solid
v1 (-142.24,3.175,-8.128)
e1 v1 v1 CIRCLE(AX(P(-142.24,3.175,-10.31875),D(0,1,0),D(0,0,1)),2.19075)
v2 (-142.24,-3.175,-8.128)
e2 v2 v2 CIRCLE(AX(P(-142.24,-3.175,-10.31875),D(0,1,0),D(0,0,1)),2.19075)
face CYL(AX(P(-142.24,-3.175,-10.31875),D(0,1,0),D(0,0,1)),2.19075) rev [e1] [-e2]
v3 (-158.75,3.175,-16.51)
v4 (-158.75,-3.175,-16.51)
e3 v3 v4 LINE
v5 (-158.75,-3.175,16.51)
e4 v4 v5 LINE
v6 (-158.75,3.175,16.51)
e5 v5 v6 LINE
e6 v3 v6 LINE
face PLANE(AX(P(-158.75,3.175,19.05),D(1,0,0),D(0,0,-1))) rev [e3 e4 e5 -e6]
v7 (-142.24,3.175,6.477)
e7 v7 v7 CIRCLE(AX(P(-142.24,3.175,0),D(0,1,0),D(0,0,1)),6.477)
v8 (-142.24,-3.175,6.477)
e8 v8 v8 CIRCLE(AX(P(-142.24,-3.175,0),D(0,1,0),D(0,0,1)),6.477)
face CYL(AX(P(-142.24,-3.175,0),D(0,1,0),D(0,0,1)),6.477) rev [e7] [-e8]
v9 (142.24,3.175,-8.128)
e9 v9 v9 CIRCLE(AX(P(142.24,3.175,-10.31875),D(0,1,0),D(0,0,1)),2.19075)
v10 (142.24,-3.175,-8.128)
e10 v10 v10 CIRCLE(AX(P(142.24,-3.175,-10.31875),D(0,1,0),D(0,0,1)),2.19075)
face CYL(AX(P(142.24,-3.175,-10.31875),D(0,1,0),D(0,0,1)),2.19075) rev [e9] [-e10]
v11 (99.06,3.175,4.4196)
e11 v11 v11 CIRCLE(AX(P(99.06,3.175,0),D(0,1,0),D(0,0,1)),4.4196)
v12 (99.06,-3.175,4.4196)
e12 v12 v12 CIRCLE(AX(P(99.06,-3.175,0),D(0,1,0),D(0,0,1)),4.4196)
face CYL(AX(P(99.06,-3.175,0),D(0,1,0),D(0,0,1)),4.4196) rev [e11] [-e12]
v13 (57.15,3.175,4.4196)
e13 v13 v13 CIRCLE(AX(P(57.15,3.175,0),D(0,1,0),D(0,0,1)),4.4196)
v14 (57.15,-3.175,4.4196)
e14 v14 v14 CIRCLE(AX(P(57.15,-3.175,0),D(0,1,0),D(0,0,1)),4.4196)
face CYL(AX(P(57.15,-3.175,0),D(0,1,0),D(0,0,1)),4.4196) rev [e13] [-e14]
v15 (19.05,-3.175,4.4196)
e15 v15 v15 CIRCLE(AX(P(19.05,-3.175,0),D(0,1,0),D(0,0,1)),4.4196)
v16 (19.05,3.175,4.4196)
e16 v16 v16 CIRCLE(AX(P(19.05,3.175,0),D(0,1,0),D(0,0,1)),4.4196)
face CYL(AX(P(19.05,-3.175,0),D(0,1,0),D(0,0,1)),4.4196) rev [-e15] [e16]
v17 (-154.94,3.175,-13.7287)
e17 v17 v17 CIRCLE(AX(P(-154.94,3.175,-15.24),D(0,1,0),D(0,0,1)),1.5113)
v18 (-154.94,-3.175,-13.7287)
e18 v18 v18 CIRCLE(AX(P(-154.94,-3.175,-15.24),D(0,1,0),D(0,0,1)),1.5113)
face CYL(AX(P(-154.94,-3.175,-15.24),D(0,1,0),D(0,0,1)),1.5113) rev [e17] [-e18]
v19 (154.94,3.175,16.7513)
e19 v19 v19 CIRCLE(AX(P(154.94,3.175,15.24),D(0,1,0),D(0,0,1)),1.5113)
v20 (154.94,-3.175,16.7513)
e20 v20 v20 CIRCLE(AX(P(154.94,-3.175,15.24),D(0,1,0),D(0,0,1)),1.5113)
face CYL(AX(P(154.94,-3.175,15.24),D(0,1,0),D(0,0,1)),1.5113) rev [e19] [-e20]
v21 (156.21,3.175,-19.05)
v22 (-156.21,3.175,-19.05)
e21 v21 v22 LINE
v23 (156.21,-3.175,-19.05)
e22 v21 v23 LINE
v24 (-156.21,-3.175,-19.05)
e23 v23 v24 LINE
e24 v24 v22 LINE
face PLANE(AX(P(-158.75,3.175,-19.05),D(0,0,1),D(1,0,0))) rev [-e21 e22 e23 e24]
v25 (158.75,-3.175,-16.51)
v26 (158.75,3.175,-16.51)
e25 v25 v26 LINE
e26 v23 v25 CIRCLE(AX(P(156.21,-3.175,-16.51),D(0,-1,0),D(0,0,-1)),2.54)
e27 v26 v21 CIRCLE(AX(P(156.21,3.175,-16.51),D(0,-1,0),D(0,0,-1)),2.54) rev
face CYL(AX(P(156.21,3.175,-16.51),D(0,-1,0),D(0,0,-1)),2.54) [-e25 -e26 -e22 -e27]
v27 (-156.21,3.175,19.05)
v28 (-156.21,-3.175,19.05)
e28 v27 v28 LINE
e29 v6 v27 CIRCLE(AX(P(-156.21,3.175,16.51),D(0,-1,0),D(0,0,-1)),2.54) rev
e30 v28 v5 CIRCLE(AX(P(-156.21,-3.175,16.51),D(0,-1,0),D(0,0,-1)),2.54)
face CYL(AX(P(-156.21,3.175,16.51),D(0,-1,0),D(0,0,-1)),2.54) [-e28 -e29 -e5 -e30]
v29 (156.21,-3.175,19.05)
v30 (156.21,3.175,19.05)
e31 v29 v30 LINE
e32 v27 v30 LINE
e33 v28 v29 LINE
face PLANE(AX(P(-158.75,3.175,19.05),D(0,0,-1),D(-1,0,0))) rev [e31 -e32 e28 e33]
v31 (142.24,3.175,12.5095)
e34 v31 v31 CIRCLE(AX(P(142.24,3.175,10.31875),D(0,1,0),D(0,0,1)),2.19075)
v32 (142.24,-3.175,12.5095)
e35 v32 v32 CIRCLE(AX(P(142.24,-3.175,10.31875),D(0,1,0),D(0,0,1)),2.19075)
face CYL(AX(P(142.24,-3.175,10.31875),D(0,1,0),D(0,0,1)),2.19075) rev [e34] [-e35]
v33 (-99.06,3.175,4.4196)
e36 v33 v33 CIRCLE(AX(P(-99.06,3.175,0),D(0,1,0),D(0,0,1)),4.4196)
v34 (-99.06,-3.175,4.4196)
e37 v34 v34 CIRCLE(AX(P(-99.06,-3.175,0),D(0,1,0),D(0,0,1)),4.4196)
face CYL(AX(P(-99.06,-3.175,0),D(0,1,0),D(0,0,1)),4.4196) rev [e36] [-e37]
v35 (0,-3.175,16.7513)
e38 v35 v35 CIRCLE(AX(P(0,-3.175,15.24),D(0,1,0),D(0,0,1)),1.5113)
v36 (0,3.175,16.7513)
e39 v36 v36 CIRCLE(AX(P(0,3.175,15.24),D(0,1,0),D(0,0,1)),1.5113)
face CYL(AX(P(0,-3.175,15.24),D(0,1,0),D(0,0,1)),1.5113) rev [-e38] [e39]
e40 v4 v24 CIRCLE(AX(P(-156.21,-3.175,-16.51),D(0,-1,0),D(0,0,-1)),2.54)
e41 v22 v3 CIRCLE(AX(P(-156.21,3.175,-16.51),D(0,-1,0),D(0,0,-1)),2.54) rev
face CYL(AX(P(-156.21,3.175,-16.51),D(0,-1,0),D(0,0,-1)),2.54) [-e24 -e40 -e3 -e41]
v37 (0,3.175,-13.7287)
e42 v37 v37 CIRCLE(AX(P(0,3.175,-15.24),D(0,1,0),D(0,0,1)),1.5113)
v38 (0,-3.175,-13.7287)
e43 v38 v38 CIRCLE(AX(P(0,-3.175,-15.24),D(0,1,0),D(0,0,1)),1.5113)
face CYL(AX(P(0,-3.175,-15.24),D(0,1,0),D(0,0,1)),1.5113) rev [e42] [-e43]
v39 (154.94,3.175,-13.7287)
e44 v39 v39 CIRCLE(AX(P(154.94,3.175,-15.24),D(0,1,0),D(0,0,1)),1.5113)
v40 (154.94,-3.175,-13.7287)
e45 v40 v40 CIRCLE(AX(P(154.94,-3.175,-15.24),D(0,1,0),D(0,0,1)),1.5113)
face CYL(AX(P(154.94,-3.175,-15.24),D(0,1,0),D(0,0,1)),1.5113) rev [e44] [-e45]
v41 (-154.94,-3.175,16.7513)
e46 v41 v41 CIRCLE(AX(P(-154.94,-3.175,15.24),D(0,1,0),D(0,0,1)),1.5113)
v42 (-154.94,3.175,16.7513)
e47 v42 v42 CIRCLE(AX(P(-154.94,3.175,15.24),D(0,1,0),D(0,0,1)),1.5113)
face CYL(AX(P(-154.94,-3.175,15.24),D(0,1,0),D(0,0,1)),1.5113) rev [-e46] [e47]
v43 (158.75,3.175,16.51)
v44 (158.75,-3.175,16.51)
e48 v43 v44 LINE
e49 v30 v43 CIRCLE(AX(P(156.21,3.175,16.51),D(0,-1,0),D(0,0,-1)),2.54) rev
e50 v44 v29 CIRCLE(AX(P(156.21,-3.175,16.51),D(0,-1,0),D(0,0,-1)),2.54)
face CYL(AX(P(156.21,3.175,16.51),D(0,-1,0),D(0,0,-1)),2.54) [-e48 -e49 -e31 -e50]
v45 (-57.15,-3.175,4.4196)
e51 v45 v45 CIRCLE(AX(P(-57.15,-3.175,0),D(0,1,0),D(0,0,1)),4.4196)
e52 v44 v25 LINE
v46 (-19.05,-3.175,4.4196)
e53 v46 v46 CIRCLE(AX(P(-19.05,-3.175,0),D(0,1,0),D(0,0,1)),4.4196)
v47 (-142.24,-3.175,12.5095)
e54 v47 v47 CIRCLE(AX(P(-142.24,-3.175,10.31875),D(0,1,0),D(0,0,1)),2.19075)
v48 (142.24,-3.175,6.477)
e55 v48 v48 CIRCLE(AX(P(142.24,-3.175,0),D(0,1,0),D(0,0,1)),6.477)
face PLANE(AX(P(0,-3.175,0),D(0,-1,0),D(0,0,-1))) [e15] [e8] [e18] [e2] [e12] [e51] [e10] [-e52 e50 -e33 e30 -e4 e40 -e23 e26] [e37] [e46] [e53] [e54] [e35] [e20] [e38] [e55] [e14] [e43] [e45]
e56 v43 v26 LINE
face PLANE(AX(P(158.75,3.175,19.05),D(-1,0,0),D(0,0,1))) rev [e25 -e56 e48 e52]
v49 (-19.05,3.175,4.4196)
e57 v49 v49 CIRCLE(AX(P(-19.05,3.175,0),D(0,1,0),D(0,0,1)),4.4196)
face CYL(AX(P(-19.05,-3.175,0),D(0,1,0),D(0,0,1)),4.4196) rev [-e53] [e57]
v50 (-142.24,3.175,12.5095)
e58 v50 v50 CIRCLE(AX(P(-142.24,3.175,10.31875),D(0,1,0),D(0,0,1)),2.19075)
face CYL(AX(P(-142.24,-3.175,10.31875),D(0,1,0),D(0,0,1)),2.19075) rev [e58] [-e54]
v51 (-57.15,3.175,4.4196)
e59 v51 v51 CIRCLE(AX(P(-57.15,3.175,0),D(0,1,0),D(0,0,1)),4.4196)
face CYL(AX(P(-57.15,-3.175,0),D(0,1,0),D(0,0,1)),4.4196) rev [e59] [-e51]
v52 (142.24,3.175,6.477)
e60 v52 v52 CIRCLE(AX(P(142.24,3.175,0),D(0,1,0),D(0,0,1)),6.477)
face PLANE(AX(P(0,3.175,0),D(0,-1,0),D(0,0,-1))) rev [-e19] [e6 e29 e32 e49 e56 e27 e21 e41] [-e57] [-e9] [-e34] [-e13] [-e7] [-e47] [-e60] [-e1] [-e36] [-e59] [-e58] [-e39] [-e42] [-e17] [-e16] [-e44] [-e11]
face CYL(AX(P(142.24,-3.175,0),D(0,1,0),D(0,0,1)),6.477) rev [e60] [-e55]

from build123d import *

# Parameters (mm, degrees)
SKETCH1_W           = 317.5
SKETCH1_H           = 38.1
BOSS_EXTRUDE1_DEPTH = 3.175
SKETCH2_R           = 4.4196
SKETCH2_R_2         = 6.477
SKETCH2_R_3         = 2.19075
CUT_EXTRUDE1_DEPTH  = 161.014960238
SKETCH3_R           = 1.5113
CUT_EXTRUDE2_DEPTH  = 161.014960238
FILLET1_R           = 2.54


with BuildPart() as part:
    # Sketch1 → Boss-Extrude1 (new, symmetric)
    with BuildSketch(Plane(origin=(0, 0, 0), x_dir=(1, 0, 0), z_dir=(0, 1, 0))):
        Rectangle(SKETCH1_W, SKETCH1_H)
    extrude(amount=BOSS_EXTRUDE1_DEPTH, both=True)

    # Sketch2 → Cut-Extrude1 (cut, through all)
    with BuildSketch(Plane(origin=(0, 3.175, 0), x_dir=(1, 0, 0), z_dir=(0, 1, 0))):
        with Locations(Location((-99.06, 0, 0), (0, 0, 270))):
            Circle(SKETCH2_R)
        with Locations(Location((-57.15, 0, 0), (0, 0, 270))):
            Circle(SKETCH2_R)
        with Locations(Location((-19.05, 0, 0), (0, 0, 270))):
            Circle(SKETCH2_R)
        with Locations(Location((19.05, 0, 0), (0, 0, 270))):
            Circle(SKETCH2_R)
        with Locations(Location((57.15, 0, 0), (0, 0, 270))):
            Circle(SKETCH2_R)
        with Locations(Location((-142.24, 0, 0), (0, 0, 270))):
            Circle(SKETCH2_R_2)
        with Locations(Location((-142.24, -10.31875, 0), (0, 0, 270))):
            Circle(SKETCH2_R_3)
        with Locations(Location((-142.24, 10.31875, 0), (0, 0, 270))):
            Circle(SKETCH2_R_3)
        with Locations(Location((142.24, 0, 0), (0, 0, 270))):
            Circle(SKETCH2_R_2)
        with Locations(Location((142.24, -10.31875, 0), (0, 0, 270))):
            Circle(SKETCH2_R_3)
        with Locations(Location((142.24, 10.31875, 0), (0, 0, 270))):
            Circle(SKETCH2_R_3)
        with Locations(Location((99.06, 0, 0), (0, 0, 270))):
            Circle(SKETCH2_R)
    extrude(amount=-CUT_EXTRUDE1_DEPTH, mode=Mode.SUBTRACT)

    # Sketch3 → Cut-Extrude2 (cut, through all)
    with BuildSketch(Plane(origin=(0, 3.175, 0), x_dir=(1, 0, 0), z_dir=(0, 1, 0))):
        with Locations(Location((-154.94, 15.24, 0), (0, 0, 270))):
            Circle(SKETCH3_R)
        with Locations(Location((-154.94, -15.24, 0), (0, 0, 270))):
            Circle(SKETCH3_R)
        with Locations(Location((154.94, -15.24, 0), (0, 0, 270))):
            Circle(SKETCH3_R)
        with Locations(Location((154.94, 15.24, 0), (0, 0, 270))):
            Circle(SKETCH3_R)
        with Locations(Location((0, 15.24, 0), (0, 0, 270))):
            Circle(SKETCH3_R)
        with Locations(Location((0, -15.24, 0), (0, 0, 270))):
            Circle(SKETCH3_R)
    extrude(amount=-CUT_EXTRUDE2_DEPTH, mode=Mode.SUBTRACT)

    # Fillet1
    fillet1_edges = [part.edges().sort_by_distance(p)[0] for p in [
        (158.75, 0, 19.05),
        (-158.75, 0, 19.05),
        (-158.75, 0, -19.05),
        (158.75, 0, -19.05),
    ]]
    fillet(fillet1_edges, radius=FILLET1_R)


solid = part.part
